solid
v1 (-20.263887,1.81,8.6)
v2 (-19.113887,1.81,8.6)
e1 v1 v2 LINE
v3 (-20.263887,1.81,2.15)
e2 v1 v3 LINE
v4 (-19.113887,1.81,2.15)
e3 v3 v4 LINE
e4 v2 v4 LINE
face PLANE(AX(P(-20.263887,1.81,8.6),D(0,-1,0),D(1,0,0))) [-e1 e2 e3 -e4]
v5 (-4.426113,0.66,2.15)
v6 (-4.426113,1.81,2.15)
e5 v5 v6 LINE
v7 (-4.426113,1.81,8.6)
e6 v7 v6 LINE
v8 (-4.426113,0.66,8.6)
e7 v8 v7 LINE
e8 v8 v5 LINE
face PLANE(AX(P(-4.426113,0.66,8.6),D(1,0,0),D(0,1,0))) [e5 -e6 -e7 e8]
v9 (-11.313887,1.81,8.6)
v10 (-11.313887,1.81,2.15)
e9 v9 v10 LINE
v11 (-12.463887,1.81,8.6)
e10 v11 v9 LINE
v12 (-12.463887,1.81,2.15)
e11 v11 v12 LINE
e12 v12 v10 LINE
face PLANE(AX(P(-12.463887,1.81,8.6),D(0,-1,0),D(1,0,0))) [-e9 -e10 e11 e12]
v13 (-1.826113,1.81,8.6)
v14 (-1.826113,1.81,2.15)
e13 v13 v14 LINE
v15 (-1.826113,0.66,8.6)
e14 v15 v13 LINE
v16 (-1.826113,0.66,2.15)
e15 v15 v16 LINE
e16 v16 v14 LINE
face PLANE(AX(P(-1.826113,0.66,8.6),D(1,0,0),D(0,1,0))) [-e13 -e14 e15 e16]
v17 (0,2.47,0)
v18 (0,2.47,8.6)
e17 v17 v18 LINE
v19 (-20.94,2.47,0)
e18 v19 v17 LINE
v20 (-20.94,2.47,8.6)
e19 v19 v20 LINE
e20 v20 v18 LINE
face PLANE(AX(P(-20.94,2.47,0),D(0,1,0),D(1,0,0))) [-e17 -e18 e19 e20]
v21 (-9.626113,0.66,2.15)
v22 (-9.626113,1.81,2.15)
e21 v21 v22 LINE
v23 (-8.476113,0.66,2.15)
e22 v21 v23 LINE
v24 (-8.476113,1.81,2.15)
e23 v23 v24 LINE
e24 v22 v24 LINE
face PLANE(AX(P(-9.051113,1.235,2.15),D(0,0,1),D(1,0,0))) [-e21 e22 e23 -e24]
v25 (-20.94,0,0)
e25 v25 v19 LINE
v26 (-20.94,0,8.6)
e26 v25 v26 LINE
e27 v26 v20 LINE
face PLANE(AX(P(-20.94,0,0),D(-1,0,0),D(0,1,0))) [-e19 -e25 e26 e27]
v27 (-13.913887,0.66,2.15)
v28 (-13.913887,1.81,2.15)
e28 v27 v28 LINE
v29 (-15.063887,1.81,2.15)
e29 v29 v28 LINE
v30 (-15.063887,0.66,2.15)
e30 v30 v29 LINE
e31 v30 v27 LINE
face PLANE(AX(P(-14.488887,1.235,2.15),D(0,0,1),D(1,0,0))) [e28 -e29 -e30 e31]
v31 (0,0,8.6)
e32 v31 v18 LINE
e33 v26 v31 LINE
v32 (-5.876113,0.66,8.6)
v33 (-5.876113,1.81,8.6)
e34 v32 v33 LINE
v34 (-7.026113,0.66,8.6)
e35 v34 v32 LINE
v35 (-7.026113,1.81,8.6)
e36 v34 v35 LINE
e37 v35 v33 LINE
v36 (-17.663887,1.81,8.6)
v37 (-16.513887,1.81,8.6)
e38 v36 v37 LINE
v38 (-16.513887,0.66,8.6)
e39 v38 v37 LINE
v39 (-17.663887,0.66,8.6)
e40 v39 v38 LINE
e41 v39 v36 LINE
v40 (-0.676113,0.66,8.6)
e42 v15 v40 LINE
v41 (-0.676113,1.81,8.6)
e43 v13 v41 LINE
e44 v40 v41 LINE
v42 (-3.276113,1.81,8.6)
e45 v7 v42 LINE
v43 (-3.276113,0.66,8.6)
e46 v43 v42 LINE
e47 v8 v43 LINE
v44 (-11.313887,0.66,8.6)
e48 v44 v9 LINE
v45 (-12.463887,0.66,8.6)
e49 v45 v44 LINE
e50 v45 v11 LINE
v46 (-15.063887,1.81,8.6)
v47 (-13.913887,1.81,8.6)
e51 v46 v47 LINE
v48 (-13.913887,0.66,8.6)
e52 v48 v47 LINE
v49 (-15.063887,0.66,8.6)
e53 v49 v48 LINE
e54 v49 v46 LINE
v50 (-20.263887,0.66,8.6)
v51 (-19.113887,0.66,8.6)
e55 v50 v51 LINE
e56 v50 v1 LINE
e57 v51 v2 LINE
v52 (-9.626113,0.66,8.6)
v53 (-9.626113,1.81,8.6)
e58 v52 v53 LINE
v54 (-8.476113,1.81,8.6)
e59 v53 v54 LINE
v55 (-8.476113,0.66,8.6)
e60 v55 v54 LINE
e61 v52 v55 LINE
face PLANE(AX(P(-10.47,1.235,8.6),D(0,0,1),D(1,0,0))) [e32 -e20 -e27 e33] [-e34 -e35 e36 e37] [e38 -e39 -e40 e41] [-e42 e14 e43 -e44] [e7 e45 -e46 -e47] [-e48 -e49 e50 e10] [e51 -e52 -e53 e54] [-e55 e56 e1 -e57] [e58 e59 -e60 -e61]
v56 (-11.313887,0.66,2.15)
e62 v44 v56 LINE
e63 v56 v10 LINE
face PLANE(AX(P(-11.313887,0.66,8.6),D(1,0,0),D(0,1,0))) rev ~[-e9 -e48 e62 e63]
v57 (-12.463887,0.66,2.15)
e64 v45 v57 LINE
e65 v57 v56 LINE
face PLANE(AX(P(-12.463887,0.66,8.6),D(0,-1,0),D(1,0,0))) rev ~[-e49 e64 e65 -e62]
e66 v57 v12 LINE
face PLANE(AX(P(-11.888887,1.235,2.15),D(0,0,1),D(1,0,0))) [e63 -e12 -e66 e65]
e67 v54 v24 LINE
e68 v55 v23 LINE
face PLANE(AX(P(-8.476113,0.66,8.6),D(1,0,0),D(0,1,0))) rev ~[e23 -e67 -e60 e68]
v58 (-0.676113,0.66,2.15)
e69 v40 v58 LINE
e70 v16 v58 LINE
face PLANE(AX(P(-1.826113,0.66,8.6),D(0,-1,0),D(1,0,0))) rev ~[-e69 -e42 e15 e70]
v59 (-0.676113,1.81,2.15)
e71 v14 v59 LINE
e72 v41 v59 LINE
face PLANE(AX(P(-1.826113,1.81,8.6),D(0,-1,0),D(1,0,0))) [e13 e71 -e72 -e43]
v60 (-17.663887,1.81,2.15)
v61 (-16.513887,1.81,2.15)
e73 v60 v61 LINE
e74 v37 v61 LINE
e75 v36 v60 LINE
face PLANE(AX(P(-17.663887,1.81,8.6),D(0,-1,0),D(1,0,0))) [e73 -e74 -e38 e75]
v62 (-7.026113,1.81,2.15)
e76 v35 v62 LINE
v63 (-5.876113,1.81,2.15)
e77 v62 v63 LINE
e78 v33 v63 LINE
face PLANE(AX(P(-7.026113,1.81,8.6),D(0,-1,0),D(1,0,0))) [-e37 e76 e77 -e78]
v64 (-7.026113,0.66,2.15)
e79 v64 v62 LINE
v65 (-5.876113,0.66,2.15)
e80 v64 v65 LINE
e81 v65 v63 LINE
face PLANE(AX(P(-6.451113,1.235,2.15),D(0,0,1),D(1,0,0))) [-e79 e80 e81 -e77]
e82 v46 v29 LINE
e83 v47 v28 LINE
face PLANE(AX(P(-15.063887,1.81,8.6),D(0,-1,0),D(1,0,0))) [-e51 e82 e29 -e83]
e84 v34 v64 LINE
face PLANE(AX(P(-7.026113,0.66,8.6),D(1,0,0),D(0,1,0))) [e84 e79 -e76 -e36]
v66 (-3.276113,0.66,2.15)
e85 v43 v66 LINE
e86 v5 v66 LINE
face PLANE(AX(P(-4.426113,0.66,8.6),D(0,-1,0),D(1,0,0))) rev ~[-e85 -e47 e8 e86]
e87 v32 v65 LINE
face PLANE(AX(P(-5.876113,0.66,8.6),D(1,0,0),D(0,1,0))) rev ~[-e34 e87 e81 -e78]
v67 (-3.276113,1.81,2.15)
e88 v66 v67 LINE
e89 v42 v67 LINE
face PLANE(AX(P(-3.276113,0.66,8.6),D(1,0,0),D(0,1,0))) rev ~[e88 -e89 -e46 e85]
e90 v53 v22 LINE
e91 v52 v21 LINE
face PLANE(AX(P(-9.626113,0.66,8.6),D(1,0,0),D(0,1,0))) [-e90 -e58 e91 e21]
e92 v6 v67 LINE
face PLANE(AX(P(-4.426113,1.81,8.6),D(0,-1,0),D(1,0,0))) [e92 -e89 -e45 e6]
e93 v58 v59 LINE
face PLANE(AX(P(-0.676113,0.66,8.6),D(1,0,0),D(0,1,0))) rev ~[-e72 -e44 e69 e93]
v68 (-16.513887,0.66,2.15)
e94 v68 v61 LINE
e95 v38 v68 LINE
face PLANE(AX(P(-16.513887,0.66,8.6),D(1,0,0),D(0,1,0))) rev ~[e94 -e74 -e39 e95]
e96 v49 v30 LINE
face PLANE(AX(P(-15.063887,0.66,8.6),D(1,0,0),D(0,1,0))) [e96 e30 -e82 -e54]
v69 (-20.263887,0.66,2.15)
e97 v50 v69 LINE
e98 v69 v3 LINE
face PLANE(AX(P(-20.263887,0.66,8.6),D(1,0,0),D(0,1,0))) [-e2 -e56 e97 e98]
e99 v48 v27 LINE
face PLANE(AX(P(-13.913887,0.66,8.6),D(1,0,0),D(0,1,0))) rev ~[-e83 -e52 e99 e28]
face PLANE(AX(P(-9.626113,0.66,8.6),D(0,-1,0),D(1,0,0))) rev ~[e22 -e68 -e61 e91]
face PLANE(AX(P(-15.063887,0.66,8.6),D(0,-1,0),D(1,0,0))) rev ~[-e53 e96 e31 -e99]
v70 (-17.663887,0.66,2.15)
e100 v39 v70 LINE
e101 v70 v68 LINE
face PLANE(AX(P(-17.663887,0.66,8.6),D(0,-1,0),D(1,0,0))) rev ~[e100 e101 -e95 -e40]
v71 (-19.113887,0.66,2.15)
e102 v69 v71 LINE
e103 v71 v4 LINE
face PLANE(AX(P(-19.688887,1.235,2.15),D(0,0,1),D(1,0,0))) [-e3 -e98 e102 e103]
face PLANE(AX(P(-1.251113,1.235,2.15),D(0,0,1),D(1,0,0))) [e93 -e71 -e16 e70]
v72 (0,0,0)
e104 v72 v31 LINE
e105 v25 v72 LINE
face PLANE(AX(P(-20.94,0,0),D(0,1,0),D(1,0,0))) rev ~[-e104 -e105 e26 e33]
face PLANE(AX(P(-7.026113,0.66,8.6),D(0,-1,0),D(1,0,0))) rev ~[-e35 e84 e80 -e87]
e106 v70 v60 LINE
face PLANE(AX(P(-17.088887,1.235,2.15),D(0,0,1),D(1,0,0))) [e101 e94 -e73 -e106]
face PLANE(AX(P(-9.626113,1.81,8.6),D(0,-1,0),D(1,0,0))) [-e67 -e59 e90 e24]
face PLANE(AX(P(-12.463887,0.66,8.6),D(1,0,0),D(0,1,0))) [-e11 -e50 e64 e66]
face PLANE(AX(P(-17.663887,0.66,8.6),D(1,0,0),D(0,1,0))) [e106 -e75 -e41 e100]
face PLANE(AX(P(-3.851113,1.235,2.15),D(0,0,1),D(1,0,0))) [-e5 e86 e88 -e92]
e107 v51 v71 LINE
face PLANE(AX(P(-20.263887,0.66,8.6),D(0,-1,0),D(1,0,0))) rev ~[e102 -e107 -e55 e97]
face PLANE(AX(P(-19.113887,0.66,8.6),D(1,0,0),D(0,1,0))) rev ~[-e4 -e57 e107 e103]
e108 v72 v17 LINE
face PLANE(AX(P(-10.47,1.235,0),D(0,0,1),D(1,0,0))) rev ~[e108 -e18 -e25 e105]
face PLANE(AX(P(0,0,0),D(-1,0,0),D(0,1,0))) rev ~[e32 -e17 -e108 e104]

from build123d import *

# Parameters (mm, degrees)
CROQUIS1_W              = 20.94
CROQUIS1_H              = 2.47
SALIENTE_EXTRUIR1_DEPTH = 8.6
CROQUIS2_W              = 1.15
CROQUIS2_H              = 1.15
CORTAR_EXTRUIR1_DEPTH   = 6.45


with BuildPart() as part:
    # Croquis1 → Saliente-Extruir1 (new body)
    with BuildSketch(Plane.XY):
        with Locations((-10.47, 1.235)):
            Rectangle(CROQUIS1_W, CROQUIS1_H)
    extrude(amount=SALIENTE_EXTRUIR1_DEPTH)

    # Croquis2 → Cortar-Extruir1 (cut)
    with BuildSketch(Plane.XY.offset(8.6)):
        with Locations((-14.488886926, 1.235)):
            Rectangle(CROQUIS2_W, CROQUIS2_H)
        with Locations((-11.888886926, 1.235)):
            Rectangle(CROQUIS2_W, CROQUIS2_H)
        with Locations((-17.088886926, 1.235)):
            Rectangle(CROQUIS2_W, CROQUIS2_H)
        with Locations((-19.688886926, 1.235)):
            Rectangle(CROQUIS2_W, CROQUIS2_H)
        with Locations((-1.251113074, 1.235)):
            Rectangle(CROQUIS2_W, CROQUIS2_H)
        with Locations((-3.851113074, 1.235)):
            Rectangle(CROQUIS2_W, CROQUIS2_H)
        with Locations((-6.451113074, 1.235)):
            Rectangle(CROQUIS2_W, CROQUIS2_H)
        with Locations((-9.051113074, 1.235)):
            Rectangle(CROQUIS2_W, CROQUIS2_H)
    extrude(amount=-CORTAR_EXTRUIR1_DEPTH, mode=Mode.SUBTRACT)


solid = part.part
